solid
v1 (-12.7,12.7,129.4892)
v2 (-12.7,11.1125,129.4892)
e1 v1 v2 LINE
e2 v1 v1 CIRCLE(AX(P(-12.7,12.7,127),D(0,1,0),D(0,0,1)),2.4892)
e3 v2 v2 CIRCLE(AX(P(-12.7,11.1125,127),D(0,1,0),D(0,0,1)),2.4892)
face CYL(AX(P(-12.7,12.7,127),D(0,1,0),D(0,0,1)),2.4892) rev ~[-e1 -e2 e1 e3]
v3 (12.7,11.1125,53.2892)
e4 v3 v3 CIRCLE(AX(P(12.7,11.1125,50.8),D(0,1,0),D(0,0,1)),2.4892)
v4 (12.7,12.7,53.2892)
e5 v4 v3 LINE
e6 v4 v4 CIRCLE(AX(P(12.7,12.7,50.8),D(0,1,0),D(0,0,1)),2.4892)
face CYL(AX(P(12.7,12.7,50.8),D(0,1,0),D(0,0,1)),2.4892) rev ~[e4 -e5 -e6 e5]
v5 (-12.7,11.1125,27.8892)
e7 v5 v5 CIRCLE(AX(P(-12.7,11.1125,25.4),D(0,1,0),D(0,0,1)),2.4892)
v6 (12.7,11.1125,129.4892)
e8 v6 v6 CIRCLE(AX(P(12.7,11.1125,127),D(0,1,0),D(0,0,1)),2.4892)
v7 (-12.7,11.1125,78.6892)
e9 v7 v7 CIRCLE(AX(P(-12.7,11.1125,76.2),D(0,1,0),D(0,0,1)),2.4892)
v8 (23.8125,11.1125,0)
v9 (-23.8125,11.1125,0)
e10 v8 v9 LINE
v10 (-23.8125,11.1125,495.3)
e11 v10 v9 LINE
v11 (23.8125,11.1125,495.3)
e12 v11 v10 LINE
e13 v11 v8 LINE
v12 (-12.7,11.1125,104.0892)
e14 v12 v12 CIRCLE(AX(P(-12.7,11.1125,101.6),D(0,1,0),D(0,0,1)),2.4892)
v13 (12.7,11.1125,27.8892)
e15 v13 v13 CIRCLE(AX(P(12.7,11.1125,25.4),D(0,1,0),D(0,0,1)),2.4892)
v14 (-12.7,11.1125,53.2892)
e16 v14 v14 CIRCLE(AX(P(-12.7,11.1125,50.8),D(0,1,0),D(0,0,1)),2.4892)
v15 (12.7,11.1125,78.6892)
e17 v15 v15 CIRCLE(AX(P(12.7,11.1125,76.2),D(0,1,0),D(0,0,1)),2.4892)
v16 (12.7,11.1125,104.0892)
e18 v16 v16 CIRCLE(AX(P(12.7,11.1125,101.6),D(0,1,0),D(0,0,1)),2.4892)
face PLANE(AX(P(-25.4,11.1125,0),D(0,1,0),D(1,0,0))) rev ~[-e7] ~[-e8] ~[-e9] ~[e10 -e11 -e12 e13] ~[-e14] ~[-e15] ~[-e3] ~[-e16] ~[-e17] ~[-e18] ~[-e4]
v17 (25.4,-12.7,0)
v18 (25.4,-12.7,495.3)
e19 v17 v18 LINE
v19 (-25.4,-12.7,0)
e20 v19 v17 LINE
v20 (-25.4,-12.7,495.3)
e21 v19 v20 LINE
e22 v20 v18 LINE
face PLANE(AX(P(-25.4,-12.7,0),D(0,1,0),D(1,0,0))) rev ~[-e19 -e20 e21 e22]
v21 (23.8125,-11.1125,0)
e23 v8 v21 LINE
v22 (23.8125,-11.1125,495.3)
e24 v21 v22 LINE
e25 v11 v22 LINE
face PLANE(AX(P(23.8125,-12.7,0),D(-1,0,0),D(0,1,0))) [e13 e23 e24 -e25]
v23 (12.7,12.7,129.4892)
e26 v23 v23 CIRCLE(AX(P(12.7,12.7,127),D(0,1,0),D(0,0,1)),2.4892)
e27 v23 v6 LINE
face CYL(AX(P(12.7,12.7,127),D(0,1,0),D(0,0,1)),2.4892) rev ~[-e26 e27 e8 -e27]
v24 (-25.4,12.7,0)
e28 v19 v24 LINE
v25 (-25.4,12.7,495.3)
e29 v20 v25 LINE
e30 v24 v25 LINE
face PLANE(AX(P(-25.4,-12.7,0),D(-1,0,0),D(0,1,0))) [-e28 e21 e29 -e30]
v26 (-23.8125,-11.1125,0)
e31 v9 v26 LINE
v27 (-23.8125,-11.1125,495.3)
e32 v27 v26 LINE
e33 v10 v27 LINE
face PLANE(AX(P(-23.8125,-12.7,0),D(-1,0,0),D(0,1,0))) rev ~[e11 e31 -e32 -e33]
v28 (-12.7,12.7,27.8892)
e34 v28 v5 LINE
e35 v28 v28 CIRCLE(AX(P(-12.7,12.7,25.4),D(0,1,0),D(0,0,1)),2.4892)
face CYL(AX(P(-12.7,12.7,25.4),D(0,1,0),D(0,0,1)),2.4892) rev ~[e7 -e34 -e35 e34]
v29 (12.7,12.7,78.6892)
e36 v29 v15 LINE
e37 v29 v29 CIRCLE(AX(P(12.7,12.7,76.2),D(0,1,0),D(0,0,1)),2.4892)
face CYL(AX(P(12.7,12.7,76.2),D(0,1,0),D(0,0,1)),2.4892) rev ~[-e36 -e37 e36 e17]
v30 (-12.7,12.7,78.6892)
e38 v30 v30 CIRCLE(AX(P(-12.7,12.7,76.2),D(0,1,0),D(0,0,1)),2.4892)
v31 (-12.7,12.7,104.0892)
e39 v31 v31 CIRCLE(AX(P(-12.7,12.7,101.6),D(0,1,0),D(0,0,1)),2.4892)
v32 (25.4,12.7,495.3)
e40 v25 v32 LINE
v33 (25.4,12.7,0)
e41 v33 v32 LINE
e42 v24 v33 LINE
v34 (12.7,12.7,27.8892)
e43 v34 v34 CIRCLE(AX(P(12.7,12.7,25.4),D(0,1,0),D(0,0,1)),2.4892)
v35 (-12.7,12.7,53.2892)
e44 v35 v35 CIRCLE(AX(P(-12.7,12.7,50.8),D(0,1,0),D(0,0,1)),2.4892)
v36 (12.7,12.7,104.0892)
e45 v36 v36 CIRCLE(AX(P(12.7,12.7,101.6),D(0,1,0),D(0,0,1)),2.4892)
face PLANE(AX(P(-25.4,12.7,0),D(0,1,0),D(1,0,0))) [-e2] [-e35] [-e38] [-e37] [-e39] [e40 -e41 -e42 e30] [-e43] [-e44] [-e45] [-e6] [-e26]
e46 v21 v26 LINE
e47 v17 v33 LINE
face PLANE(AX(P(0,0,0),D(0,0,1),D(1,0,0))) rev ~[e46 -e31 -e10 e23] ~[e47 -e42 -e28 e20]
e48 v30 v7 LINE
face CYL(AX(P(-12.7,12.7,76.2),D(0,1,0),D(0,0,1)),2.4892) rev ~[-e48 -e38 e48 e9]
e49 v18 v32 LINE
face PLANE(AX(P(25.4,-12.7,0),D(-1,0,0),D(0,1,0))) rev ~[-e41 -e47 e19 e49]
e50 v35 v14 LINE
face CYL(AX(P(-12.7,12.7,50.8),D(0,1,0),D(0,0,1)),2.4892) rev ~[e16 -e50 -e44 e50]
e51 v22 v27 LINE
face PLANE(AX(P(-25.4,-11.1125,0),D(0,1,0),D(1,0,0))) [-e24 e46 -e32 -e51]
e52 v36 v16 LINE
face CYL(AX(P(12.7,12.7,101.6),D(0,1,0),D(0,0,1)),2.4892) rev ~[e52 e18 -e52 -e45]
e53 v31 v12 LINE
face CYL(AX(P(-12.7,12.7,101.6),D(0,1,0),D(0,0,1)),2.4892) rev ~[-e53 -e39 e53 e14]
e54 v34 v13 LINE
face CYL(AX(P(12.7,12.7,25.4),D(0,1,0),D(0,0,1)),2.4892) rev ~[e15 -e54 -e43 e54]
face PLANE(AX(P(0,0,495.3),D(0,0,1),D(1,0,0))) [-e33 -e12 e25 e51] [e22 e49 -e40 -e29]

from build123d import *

# Parameters (mm, degrees)
SKETCH1_W           = 50.8
SKETCH1_H           = 25.4
BOSS_EXTRUDE1_DEPTH = 495.3
SHELL1_T            = -1.5875
CUT_EXTRUDE1_REACH  = 498.601
SKETCH2_R           = 2.4892


with BuildPart() as part:
    # Sketch1 → Boss-Extrude1 (new body)
    with BuildSketch(Plane.XY):
        Rectangle(SKETCH1_W, SKETCH1_H)
    extrude(amount=BOSS_EXTRUDE1_DEPTH)

    # Shell1
    shell1_openings = [part.faces().sort_by_distance(p)[0] for p in [
        (0, 0, 495.3),
        (0, 0, 0),
    ]]
    offset(amount=SHELL1_T, openings=shell1_openings, kind=Kind.INTERSECTION)

    # Sketch2 → Cut-Extrude1 (cut, up to next)
    with BuildSketch(Plane(origin=(0, 12.7, 0), x_dir=(1, 0, 0), z_dir=(0, 1, 0)), mode=Mode.PRIVATE) as cut_extrude1_sk1:
        with Locations(Location((-12.7, -25.4, 0), (0, 0, 270))):
            Circle(SKETCH2_R)
    cut_extrude1_tool1 = extrude(cut_extrude1_sk1.sketch, amount=-CUT_EXTRUDE1_REACH, mode=Mode.PRIVATE) & part.part
    # Sketch2 → Cut-Extrude1 (cut, up to next)
    with BuildSketch(Plane(origin=(0, 12.7, 0), x_dir=(1, 0, 0), z_dir=(0, 1, 0)), mode=Mode.PRIVATE) as cut_extrude1_sk2:
        with Locations(Location((12.7, -25.4, 0), (0, 0, 270))):
            Circle(SKETCH2_R)
    cut_extrude1_tool2 = extrude(cut_extrude1_sk2.sketch, amount=-CUT_EXTRUDE1_REACH, mode=Mode.PRIVATE) & part.part
    # Sketch2 → Cut-Extrude1 (cut, up to next)
    with BuildSketch(Plane(origin=(0, 12.7, 0), x_dir=(1, 0, 0), z_dir=(0, 1, 0)), mode=Mode.PRIVATE) as cut_extrude1_sk3:
        with Locations(Location((12.7, -50.8, 0), (0, 0, 270))):
            Circle(SKETCH2_R)
    cut_extrude1_tool3 = extrude(cut_extrude1_sk3.sketch, amount=-CUT_EXTRUDE1_REACH, mode=Mode.PRIVATE) & part.part
    # Sketch2 → Cut-Extrude1 (cut, up to next)
    with BuildSketch(Plane(origin=(0, 12.7, 0), x_dir=(1, 0, 0), z_dir=(0, 1, 0)), mode=Mode.PRIVATE) as cut_extrude1_sk4:
        with Locations(Location((12.7, -76.2, 0), (0, 0, 270))):
            Circle(SKETCH2_R)
    cut_extrude1_tool4 = extrude(cut_extrude1_sk4.sketch, amount=-CUT_EXTRUDE1_REACH, mode=Mode.PRIVATE) & part.part
    # Sketch2 → Cut-Extrude1 (cut, up to next)
    with BuildSketch(Plane(origin=(0, 12.7, 0), x_dir=(1, 0, 0), z_dir=(0, 1, 0)), mode=Mode.PRIVATE) as cut_extrude1_sk5:
        with Locations(Location((12.7, -101.6, 0), (0, 0, 270))):
            Circle(SKETCH2_R)
    cut_extrude1_tool5 = extrude(cut_extrude1_sk5.sketch, amount=-CUT_EXTRUDE1_REACH, mode=Mode.PRIVATE) & part.part
    # Sketch2 → Cut-Extrude1 (cut, up to next)
    with BuildSketch(Plane(origin=(0, 12.7, 0), x_dir=(1, 0, 0), z_dir=(0, 1, 0)), mode=Mode.PRIVATE) as cut_extrude1_sk6:
        with Locations(Location((12.7, -127, 0), (0, 0, 270))):
            Circle(SKETCH2_R)
    cut_extrude1_tool6 = extrude(cut_extrude1_sk6.sketch, amount=-CUT_EXTRUDE1_REACH, mode=Mode.PRIVATE) & part.part
    # Sketch2 → Cut-Extrude1 (cut, up to next)
    with BuildSketch(Plane(origin=(0, 12.7, 0), x_dir=(1, 0, 0), z_dir=(0, 1, 0)), mode=Mode.PRIVATE) as cut_extrude1_sk7:
        with Locations(Location((-12.7, -50.8, 0), (0, 0, 270))):
            Circle(SKETCH2_R)
    cut_extrude1_tool7 = extrude(cut_extrude1_sk7.sketch, amount=-CUT_EXTRUDE1_REACH, mode=Mode.PRIVATE) & part.part
    # Sketch2 → Cut-Extrude1 (cut, up to next)
    with BuildSketch(Plane(origin=(0, 12.7, 0), x_dir=(1, 0, 0), z_dir=(0, 1, 0)), mode=Mode.PRIVATE) as cut_extrude1_sk8:
        with Locations(Location((-12.7, -76.2, 0), (0, 0, 270))):
            Circle(SKETCH2_R)
    cut_extrude1_tool8 = extrude(cut_extrude1_sk8.sketch, amount=-CUT_EXTRUDE1_REACH, mode=Mode.PRIVATE) & part.part
    # Sketch2 → Cut-Extrude1 (cut, up to next)
    with BuildSketch(Plane(origin=(0, 12.7, 0), x_dir=(1, 0, 0), z_dir=(0, 1, 0)), mode=Mode.PRIVATE) as cut_extrude1_sk9:
        with Locations(Location((-12.7, -101.6, 0), (0, 0, 270))):
            Circle(SKETCH2_R)
    cut_extrude1_tool9 = extrude(cut_extrude1_sk9.sketch, amount=-CUT_EXTRUDE1_REACH, mode=Mode.PRIVATE) & part.part
    # Sketch2 → Cut-Extrude1 (cut, up to next)
    with BuildSketch(Plane(origin=(0, 12.7, 0), x_dir=(1, 0, 0), z_dir=(0, 1, 0)), mode=Mode.PRIVATE) as cut_extrude1_sk10:
        with Locations(Location((-12.7, -127, 0), (0, 0, 270))):
            Circle(SKETCH2_R)
    cut_extrude1_tool10 = extrude(cut_extrude1_sk10.sketch, amount=-CUT_EXTRUDE1_REACH, mode=Mode.PRIVATE) & part.part
    add(cut_extrude1_tool1.solids().sort_by_distance((-12.7, 12.7, 25.4))[0], mode=Mode.SUBTRACT)
    add(cut_extrude1_tool2.solids().sort_by_distance((12.7, 12.7, 25.4))[0], mode=Mode.SUBTRACT)
    add(cut_extrude1_tool3.solids().sort_by_distance((12.7, 12.7, 50.8))[0], mode=Mode.SUBTRACT)
    add(cut_extrude1_tool4.solids().sort_by_distance((12.7, 12.7, 76.2))[0], mode=Mode.SUBTRACT)
    add(cut_extrude1_tool5.solids().sort_by_distance((12.7, 12.7, 101.6))[0], mode=Mode.SUBTRACT)
    add(cut_extrude1_tool6.solids().sort_by_distance((12.7, 12.7, 127))[0], mode=Mode.SUBTRACT)
    add(cut_extrude1_tool7.solids().sort_by_distance((-12.7, 12.7, 50.8))[0], mode=Mode.SUBTRACT)
    add(cut_extrude1_tool8.solids().sort_by_distance((-12.7, 12.7, 76.2))[0], mode=Mode.SUBTRACT)
    add(cut_extrude1_tool9.solids().sort_by_distance((-12.7, 12.7, 101.6))[0], mode=Mode.SUBTRACT)
    add(cut_extrude1_tool10.solids().sort_by_distance((-12.7, 12.7, 127))[0], mode=Mode.SUBTRACT)


solid = part.part
